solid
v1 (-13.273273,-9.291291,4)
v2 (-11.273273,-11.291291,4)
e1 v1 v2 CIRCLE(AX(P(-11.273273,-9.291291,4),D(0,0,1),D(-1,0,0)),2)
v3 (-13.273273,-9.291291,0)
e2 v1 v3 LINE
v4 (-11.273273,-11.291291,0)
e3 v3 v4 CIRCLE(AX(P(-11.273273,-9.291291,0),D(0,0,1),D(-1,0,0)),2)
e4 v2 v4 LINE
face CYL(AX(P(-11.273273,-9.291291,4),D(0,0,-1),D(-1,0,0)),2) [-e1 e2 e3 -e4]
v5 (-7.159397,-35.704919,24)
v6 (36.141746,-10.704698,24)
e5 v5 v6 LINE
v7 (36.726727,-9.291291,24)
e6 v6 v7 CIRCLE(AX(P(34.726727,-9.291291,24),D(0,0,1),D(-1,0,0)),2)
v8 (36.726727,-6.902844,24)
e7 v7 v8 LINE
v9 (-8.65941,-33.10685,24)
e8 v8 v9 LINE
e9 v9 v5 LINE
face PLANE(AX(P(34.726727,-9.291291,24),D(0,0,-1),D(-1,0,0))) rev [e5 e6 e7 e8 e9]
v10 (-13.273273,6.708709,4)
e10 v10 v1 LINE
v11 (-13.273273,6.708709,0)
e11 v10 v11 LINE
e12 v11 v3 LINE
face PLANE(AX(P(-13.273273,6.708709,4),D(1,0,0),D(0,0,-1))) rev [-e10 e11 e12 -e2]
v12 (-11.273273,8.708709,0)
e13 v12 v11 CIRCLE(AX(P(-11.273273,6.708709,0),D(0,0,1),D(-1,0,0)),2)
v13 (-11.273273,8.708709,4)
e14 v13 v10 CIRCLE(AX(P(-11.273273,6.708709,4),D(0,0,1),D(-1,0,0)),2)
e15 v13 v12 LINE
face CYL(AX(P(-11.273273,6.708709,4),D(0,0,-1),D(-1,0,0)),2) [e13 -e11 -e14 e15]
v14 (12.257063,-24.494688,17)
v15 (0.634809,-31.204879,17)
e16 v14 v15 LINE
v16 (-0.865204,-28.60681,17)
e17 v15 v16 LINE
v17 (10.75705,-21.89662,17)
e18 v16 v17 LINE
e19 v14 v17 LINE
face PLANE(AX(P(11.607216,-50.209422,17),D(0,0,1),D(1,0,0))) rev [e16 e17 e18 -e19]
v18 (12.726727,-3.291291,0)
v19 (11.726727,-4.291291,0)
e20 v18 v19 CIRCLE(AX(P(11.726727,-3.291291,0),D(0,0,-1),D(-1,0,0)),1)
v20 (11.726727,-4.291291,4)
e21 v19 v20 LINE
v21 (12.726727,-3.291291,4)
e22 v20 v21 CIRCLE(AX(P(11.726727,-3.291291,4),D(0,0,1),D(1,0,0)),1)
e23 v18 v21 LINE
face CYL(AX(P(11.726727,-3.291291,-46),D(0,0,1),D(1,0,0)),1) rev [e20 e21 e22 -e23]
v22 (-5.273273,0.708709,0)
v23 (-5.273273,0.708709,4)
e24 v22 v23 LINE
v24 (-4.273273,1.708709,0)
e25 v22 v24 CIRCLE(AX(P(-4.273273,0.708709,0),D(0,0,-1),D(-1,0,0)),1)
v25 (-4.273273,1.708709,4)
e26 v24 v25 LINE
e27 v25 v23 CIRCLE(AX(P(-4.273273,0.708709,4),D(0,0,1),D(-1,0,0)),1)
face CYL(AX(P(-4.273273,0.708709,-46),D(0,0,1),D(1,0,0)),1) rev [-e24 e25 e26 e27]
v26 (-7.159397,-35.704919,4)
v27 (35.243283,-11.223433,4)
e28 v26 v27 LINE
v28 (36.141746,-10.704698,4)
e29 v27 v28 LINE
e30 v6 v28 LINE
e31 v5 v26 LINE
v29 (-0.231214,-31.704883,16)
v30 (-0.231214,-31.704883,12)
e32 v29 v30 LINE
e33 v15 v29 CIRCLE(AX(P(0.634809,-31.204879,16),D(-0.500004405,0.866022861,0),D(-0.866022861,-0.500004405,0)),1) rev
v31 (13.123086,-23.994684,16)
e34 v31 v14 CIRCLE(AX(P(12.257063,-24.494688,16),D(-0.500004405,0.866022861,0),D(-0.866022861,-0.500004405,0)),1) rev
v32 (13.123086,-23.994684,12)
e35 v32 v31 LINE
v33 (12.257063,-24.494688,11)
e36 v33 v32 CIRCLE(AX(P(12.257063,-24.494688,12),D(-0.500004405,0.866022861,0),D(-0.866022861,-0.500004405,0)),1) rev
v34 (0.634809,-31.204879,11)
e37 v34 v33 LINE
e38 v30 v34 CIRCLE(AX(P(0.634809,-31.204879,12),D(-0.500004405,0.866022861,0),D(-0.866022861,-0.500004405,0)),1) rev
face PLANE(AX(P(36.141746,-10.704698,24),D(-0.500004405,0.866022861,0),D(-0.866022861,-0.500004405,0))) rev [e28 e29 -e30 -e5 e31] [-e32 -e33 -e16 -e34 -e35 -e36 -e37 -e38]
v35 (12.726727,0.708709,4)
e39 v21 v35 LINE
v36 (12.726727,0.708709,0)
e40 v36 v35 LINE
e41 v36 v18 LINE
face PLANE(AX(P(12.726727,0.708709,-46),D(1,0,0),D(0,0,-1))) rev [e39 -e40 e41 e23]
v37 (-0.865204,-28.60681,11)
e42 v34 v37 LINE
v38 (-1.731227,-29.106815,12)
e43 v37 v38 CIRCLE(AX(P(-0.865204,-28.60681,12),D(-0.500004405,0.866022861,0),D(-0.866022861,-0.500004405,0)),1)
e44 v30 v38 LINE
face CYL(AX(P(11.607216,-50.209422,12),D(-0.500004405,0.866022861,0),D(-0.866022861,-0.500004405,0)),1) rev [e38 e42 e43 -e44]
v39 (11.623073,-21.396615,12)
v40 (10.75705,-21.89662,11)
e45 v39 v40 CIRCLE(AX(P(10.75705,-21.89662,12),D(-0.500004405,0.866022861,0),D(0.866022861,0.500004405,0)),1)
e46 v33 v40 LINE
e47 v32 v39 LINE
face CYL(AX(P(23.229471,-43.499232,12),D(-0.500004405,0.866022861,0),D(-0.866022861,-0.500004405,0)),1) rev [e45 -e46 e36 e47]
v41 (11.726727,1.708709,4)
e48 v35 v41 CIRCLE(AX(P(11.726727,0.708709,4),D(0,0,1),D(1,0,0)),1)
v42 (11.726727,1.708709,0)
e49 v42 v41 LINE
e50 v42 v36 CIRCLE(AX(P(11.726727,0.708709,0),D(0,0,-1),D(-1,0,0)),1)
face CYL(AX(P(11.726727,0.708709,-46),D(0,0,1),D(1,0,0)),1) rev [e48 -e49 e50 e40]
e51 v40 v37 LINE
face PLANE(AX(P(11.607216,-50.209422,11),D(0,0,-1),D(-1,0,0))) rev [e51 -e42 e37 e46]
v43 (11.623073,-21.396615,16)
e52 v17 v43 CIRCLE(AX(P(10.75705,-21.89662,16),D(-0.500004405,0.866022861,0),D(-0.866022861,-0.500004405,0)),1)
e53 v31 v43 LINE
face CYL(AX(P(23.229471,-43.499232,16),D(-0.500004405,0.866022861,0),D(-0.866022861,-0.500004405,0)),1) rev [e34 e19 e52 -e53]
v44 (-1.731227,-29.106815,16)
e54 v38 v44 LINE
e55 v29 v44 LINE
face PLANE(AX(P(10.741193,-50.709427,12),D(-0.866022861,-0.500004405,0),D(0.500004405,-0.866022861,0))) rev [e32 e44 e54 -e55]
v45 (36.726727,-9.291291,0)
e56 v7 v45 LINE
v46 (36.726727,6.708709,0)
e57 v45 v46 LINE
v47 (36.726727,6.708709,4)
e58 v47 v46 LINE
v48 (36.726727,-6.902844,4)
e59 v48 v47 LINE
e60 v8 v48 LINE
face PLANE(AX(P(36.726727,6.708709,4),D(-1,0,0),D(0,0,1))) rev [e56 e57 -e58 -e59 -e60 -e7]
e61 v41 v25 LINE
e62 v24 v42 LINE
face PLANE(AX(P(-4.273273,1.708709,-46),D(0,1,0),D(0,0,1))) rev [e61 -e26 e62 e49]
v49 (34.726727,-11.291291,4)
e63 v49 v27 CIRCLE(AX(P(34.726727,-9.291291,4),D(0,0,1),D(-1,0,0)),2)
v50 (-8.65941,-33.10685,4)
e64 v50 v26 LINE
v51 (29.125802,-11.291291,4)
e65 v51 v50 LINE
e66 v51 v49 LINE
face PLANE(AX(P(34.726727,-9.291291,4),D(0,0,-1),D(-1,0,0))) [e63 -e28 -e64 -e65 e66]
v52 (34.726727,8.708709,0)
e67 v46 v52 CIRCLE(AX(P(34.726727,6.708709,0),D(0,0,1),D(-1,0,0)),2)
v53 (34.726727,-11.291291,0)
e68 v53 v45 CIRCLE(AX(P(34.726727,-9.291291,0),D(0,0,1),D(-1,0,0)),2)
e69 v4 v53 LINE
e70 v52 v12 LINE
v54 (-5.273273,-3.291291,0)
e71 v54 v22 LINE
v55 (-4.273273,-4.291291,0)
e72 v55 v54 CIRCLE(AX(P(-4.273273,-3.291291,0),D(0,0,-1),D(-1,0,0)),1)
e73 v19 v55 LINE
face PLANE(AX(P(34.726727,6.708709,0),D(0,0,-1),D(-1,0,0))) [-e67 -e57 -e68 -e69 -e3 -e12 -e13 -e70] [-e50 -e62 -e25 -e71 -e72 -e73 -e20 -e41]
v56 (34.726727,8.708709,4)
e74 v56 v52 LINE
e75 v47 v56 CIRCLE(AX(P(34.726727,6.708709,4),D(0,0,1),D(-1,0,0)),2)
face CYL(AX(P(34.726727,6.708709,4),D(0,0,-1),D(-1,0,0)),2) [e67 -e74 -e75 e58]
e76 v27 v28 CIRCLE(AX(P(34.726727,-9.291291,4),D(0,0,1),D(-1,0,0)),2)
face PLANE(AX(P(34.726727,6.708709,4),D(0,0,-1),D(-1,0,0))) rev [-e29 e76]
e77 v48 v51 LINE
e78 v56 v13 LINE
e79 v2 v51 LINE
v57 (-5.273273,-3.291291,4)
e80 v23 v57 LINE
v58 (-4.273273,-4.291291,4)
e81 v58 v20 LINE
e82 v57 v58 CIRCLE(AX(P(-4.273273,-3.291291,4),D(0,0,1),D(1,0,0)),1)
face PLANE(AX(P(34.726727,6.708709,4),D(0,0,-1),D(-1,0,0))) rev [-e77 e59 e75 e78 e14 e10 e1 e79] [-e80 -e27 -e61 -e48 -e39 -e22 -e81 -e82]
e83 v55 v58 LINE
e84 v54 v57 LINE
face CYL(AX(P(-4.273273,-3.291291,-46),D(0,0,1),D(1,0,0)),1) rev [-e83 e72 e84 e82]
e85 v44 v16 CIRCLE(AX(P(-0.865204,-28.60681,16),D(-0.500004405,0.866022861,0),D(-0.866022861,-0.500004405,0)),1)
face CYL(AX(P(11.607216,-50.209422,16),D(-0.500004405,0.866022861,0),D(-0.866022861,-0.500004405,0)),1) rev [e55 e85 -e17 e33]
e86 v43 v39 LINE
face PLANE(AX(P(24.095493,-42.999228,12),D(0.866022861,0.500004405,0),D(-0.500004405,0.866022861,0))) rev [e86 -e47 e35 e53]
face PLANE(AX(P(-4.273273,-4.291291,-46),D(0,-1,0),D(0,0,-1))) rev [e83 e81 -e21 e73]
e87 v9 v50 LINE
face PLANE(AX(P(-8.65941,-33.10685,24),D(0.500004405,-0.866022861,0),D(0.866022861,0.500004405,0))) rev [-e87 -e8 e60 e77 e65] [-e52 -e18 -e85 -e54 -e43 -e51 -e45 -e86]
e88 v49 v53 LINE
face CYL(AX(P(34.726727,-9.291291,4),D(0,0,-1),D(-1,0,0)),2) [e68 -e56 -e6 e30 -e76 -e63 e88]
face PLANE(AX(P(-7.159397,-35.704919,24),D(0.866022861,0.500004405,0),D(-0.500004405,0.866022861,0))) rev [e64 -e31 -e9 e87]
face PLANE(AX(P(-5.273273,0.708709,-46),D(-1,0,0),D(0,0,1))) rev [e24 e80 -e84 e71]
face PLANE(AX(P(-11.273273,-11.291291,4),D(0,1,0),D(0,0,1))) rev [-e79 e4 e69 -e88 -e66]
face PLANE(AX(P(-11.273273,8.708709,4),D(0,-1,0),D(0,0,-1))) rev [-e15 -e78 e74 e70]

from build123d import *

# Parameters (mm, degrees)
BOSS_EXTRU_1_DEPTH      = 4
ENL_V_MAT_EXTRU_1_DEPTH = 50
BOSS_EXTRU_2_DEPTH      = 20
ENL_V_MAT_EXTRU_2_REACH = 47.943


with BuildPart() as part:
    # Esquisse1 → Boss.-Extru.1 (new body)
    with BuildSketch(Plane.XY):
        with BuildLine():
            Line((-11.273273273, 8.708708709), (34.726726727, 8.708708709))
            ThreePointArc((34.726726727, 8.708708709), (36.140940289, 8.122922271), (36.726726727, 6.708708709))
            Line((36.726726727, 6.708708709), (36.726726727, -9.291291291))
            ThreePointArc((36.726726727, -9.291291291), (36.140940289, -10.705504854), (34.726726727, -11.291291291))
            Line((34.726726727, -11.291291291), (-11.273273273, -11.291291291))
            ThreePointArc((-11.273273273, -11.291291291), (-12.687486836, -10.705504854), (-13.273273273, -9.291291291))
            Line((-13.273273273, -9.291291291), (-13.273273273, 6.708708709))
            ThreePointArc((-13.273273273, 6.708708709), (-12.687486836, 8.122922271), (-11.273273273, 8.708708709))
        make_face()
    extrude(amount=BOSS_EXTRU_1_DEPTH)

    # Esquisse3 → Enlèv. mat.-Extru.1 (cut)
    with BuildSketch(Plane.XY.offset(4)):
        with BuildLine():
            Line((-4.273273273, 1.708708709), (11.726726727, 1.708708709))
            ThreePointArc((11.726726727, 1.708708709), (12.433833508, 1.41581549), (12.726726727, 0.708708709))
            Line((12.726726727, 0.708708709), (12.726726727, -3.291291291))
            ThreePointArc((12.726726727, -3.291291291), (12.433833508, -3.998398072), (11.726726727, -4.291291291))
            Line((11.726726727, -4.291291291), (-4.273273273, -4.291291291))
            ThreePointArc((-4.273273273, -4.291291291), (-4.980380054, -3.998398072), (-5.273273273, -3.291291291))
            Line((-5.273273273, -3.291291291), (-5.273273273, 0.708708709))
            ThreePointArc((-5.273273273, 0.708708709), (-4.980380054, 1.41581549), (-4.273273273, 1.708708709))
        make_face()
    extrude(amount=-ENL_V_MAT_EXTRU_1_DEPTH, mode=Mode.SUBTRACT)

    # Esquisse4 → Boss.-Extru.2 (add)
    with BuildSketch(Plane.XY.offset(4)):
        with BuildLine():
            Line((36.141746361, -10.704698322), (-7.159396677, -35.704918553))
            Line((-7.159396677, -35.704918553), (-8.659409891, -33.10684997))
            Line((-8.659409891, -33.10684997), (36.726726727, -6.902843996))
            Line((36.726726727, -6.902843996), (36.726726727, -9.291291291))
            ThreePointArc((36.726726727, -9.291291291), (36.5747039, -10.056131383), (36.141746361, -10.704698322))
        make_face()
    extrude(amount=BOSS_EXTRU_2_DEPTH)

    # Esquisse5 → Enlèv. mat.-Extru.2 (cut, up to next)
    with BuildSketch(Plane(origin=(12.170880133, -21.08033516, 0), x_dir=(0.8660228607631385, 0.500004404616229, 0), z_dir=(-0.500004404616229, 0.8660228607631385, 0)), mode=Mode.PRIVATE) as enl_v_mat_extru_2_sk1:
        with BuildLine():
            Line((-15.052817734, -11), (-1.632555066, -11))
            ThreePointArc((-1.632555066, -11), (-0.925448284, -11.292893219), (-0.632555066, -12))
            Line((-0.632555066, -12), (-0.632555066, -16))
            ThreePointArc((-0.632555066, -16), (-0.925448284, -16.707106781), (-1.632555066, -17))
            Line((-1.632555066, -17), (-15.052817734, -17))
            ThreePointArc((-15.052817734, -17), (-15.759924515, -16.707106781), (-16.052817734, -16))
            Line((-16.052817734, -16), (-16.052817734, -12))
            ThreePointArc((-16.052817734, -12), (-15.759924515, -11.292893219), (-15.052817734, -11))
        make_face()
    enl_v_mat_extru_2_tool1 = extrude(enl_v_mat_extru_2_sk1.sketch, amount=-ENL_V_MAT_EXTRU_2_REACH, mode=Mode.PRIVATE) & part.part
    add(enl_v_mat_extru_2_tool1.solids().sort_by_distance((4.945923, -25.251715, 14))[0], mode=Mode.SUBTRACT)


solid = part.part
